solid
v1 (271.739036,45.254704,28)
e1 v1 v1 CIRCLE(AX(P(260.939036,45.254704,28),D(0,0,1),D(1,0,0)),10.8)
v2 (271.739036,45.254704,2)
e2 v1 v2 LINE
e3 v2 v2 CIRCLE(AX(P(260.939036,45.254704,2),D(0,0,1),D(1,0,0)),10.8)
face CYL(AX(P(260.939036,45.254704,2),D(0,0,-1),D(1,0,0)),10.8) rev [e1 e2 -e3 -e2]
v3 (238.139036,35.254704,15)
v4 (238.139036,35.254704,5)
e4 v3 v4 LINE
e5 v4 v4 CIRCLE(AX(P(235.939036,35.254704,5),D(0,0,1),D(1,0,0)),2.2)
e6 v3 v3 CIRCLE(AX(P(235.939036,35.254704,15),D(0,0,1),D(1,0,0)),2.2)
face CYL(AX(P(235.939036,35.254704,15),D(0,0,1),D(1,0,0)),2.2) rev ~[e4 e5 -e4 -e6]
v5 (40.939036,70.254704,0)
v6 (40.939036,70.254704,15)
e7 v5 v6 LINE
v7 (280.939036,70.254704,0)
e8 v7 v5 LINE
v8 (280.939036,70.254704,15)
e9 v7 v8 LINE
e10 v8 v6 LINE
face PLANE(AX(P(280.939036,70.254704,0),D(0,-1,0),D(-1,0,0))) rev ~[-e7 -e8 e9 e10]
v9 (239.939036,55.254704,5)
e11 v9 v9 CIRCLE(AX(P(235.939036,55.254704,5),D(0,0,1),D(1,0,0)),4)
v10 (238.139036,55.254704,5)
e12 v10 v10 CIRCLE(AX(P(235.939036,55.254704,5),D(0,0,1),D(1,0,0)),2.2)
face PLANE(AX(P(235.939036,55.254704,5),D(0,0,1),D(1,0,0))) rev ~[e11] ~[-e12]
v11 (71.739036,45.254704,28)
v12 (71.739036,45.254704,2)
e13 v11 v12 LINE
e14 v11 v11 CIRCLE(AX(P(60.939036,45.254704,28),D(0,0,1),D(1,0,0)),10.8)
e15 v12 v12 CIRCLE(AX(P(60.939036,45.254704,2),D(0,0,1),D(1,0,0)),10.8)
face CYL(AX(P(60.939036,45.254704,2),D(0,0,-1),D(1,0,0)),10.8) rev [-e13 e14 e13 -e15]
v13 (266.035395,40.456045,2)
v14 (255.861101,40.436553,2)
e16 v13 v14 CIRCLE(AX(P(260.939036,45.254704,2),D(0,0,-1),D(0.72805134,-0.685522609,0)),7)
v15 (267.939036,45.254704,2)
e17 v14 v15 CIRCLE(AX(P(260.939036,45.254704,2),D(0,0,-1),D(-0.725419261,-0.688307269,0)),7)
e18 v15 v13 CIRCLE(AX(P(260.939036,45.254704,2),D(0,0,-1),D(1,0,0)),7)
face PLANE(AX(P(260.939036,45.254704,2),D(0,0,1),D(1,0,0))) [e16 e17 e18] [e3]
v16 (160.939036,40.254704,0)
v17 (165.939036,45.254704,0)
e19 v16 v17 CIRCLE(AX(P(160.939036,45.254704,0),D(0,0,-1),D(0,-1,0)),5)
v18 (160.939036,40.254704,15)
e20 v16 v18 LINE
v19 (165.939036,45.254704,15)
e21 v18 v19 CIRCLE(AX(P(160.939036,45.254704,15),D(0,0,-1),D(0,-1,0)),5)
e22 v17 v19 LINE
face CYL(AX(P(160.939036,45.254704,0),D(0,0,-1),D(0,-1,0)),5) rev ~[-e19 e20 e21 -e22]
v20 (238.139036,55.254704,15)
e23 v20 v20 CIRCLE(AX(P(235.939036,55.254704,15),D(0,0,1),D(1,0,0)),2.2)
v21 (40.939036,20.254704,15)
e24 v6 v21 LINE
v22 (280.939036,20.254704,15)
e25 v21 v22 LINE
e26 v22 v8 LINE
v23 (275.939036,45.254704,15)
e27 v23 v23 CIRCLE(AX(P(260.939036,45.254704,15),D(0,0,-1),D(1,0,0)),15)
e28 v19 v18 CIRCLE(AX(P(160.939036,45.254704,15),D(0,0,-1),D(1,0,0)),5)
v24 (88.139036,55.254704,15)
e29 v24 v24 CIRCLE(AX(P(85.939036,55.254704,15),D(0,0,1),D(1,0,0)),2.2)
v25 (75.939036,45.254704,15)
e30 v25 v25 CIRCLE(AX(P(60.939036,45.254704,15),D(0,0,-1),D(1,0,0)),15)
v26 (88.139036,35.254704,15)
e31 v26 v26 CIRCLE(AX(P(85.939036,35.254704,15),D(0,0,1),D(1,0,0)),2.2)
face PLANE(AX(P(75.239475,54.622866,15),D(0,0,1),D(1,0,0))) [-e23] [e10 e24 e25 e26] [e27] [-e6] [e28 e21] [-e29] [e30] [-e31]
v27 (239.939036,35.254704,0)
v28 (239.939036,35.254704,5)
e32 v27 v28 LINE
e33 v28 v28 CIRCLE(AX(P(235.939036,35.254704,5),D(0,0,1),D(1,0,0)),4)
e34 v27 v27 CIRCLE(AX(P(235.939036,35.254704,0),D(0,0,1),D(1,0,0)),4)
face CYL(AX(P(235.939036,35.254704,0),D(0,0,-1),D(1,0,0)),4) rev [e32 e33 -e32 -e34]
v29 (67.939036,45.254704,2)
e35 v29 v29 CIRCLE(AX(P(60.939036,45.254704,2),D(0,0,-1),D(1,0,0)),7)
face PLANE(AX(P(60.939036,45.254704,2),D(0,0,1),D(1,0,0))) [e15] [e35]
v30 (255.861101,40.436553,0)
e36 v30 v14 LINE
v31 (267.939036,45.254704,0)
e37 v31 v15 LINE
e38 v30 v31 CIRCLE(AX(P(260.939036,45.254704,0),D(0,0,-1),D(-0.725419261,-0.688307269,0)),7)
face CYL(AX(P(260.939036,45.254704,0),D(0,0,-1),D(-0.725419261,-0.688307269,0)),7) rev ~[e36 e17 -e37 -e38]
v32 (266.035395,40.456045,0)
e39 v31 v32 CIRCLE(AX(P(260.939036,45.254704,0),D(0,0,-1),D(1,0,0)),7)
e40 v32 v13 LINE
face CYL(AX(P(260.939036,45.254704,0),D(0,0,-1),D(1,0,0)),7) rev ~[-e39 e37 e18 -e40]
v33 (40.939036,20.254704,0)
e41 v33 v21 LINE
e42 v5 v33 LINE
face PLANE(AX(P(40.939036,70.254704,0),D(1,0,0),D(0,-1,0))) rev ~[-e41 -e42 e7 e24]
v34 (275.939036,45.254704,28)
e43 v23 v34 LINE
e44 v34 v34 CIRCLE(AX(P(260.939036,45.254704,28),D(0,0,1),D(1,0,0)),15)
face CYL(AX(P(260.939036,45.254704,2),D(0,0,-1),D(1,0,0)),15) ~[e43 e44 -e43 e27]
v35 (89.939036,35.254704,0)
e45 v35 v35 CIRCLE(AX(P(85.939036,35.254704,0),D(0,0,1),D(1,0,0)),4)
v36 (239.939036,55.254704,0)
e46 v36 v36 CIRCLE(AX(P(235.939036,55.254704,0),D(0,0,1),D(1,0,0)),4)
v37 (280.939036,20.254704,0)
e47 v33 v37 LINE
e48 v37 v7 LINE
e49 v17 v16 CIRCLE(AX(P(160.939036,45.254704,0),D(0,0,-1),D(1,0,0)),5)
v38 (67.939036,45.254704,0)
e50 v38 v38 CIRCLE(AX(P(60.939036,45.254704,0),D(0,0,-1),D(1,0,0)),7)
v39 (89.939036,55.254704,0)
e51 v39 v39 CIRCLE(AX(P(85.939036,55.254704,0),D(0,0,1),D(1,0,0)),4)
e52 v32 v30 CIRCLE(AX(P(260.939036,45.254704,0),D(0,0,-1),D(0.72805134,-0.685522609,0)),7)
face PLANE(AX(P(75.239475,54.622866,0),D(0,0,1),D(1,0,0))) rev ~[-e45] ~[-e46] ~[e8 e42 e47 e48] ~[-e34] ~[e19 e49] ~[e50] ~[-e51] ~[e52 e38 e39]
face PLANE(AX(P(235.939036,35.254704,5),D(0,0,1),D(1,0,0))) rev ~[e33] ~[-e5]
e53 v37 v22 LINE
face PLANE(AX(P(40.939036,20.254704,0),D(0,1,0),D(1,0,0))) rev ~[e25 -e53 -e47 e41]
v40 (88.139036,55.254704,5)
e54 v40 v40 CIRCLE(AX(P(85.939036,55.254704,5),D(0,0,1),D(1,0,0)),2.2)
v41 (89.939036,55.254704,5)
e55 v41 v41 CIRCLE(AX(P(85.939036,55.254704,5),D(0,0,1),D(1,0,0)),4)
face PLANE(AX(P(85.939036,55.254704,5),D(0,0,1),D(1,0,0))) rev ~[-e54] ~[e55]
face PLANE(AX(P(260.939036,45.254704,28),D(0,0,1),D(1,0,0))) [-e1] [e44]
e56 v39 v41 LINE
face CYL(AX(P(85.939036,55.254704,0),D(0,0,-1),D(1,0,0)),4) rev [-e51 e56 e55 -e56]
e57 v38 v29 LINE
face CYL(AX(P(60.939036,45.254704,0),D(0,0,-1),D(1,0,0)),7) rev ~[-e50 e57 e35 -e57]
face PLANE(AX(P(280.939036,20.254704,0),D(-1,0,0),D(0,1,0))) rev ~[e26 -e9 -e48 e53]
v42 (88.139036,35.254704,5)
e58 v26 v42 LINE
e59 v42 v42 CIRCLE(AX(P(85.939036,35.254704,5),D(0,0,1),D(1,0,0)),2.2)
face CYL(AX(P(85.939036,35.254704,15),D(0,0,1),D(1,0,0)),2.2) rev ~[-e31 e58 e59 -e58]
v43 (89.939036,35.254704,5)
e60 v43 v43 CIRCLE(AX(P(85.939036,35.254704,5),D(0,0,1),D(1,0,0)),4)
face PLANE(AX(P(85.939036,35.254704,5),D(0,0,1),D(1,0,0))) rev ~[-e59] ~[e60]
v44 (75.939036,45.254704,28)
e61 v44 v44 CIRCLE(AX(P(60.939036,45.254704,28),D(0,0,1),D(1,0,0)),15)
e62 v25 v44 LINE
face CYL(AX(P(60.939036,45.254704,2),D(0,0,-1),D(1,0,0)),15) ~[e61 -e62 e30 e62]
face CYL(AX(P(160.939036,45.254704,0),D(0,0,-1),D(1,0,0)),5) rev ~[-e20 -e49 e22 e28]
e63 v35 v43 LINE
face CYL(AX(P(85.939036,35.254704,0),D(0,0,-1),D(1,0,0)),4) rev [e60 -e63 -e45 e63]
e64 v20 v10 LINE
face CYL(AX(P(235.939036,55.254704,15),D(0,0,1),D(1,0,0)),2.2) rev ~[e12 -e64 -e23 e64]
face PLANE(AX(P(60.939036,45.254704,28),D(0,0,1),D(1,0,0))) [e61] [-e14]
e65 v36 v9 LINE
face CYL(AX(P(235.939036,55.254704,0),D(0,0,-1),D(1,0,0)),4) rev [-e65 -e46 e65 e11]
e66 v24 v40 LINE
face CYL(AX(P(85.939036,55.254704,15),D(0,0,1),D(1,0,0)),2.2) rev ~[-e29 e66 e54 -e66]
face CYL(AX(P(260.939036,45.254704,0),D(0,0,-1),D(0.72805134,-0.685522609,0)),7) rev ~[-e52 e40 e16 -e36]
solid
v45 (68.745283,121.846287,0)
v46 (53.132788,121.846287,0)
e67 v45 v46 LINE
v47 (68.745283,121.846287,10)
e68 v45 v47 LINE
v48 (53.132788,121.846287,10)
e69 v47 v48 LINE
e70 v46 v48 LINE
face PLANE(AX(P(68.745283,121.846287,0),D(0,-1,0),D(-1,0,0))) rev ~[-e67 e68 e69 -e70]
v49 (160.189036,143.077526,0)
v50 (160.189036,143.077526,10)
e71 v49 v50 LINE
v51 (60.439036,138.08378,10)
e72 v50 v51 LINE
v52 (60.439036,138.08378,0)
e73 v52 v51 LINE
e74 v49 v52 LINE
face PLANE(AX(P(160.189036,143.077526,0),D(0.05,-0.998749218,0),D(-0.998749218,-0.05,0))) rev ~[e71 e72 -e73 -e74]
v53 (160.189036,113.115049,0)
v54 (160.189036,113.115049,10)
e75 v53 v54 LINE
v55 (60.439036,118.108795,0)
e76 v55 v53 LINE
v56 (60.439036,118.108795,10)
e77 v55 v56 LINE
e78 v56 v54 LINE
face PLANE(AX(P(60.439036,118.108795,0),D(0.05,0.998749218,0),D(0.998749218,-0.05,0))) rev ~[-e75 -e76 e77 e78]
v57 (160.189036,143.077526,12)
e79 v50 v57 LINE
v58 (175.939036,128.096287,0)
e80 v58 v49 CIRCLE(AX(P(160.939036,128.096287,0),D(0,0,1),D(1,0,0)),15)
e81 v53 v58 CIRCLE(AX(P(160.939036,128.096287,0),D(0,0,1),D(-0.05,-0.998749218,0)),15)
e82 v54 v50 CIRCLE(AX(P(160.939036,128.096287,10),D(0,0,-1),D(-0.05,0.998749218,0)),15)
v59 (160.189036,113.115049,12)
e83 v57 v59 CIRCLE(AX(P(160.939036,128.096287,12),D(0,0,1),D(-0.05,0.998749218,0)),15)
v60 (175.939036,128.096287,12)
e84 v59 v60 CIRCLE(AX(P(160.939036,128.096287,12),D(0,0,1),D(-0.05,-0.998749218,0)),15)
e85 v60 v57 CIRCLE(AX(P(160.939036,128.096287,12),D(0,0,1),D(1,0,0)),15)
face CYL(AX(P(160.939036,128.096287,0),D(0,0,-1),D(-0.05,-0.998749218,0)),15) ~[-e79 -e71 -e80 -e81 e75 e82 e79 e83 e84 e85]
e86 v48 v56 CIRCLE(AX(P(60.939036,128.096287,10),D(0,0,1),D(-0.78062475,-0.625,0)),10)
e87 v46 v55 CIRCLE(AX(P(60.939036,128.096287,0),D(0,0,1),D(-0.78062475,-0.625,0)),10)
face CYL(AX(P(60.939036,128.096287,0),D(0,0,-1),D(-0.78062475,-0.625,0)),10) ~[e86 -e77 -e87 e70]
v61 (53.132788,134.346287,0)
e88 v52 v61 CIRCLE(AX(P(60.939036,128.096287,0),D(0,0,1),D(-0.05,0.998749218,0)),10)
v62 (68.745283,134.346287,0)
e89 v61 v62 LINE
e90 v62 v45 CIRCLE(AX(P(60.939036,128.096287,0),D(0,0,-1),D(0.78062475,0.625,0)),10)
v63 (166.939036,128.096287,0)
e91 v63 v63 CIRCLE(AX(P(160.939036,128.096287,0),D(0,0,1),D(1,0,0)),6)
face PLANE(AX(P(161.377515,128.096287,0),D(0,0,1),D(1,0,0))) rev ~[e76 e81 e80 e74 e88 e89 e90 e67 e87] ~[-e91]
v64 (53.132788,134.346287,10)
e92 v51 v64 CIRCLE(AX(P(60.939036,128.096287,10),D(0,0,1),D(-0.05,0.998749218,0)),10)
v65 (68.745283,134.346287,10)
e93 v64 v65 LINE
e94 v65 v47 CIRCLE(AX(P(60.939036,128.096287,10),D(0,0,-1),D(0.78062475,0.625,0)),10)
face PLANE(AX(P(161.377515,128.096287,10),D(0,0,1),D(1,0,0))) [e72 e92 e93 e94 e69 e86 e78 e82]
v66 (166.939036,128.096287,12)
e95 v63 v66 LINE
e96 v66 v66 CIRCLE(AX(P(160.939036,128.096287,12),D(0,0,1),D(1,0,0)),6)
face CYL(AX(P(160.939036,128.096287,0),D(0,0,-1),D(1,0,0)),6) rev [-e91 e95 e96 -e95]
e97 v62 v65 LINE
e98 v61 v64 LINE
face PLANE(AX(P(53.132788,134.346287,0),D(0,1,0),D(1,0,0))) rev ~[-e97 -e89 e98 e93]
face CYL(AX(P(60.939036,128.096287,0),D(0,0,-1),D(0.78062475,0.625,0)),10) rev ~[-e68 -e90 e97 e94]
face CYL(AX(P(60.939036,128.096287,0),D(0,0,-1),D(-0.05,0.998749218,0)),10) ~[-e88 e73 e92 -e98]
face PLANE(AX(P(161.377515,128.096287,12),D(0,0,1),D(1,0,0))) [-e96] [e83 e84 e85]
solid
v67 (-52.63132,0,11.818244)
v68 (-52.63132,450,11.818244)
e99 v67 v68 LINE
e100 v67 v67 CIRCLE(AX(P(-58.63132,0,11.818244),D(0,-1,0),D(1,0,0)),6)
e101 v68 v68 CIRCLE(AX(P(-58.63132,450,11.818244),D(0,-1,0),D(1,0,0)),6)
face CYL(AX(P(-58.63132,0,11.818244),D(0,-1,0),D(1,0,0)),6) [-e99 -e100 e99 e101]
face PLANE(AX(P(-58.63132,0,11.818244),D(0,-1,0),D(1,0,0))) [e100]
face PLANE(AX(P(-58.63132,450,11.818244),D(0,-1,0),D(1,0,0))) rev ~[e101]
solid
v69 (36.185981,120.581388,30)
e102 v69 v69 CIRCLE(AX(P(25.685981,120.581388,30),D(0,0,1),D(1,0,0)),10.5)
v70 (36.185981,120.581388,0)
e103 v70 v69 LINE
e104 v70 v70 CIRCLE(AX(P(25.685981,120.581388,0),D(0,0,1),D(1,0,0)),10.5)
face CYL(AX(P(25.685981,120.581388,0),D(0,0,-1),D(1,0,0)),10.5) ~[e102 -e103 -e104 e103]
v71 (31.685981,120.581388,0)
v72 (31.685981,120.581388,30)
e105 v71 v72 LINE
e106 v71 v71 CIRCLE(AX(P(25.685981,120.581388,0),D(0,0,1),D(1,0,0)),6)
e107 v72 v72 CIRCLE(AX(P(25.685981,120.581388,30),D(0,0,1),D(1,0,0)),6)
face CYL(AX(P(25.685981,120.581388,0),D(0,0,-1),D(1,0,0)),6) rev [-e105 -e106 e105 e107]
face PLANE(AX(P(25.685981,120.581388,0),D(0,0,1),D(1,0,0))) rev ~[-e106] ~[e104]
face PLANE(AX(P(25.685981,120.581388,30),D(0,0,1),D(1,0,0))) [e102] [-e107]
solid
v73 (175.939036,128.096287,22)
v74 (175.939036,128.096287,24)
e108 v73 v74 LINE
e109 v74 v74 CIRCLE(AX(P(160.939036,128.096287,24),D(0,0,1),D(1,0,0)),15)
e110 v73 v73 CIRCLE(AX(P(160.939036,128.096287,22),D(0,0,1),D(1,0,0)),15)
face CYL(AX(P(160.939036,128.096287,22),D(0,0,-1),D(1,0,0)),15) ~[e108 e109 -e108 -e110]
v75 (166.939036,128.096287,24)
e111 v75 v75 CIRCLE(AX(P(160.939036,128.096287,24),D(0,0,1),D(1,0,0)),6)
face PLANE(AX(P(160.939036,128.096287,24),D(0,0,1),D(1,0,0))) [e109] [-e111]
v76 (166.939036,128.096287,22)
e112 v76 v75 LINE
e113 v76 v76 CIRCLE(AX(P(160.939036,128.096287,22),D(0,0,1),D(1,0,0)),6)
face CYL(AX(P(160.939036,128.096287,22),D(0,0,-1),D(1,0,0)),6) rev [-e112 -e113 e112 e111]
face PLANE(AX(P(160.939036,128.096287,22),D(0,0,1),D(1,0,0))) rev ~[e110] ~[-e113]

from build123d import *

# Parameters (mm, degrees)
F0_R      = 6
F1_DEPTH  = 450
F3_DEPTH  = 15
F5_R      = 15
F5_R_2    = 10.8
F6_DEPTH  = 26
F7_DEPTH  = 25
F8_R      = 10.5
F8_R_2    = 6
F9_DEPTH  = 30
F10_R     = 6
F11_DEPTH = 10
F12_DEPTH = 12
F14_R     = 15
F14_R_2   = 6
F15_DEPTH = 2
F16_R     = 2.2
F17_DEPTH = 25
F18_R     = 4
F19_DEPTH = 5


with BuildPart() as f1:
    # F0 (on Front) → F1 (new body)
    with BuildSketch(Plane.XZ):
        with Locations((-58.6313195527, 11.818244122)):
            Circle(F0_R)
    extrude(amount=-F1_DEPTH)


with BuildPart() as f3:
    # F2 (on Top) → F3 (new body)
    with BuildSketch(Plane.XY):
        with BuildLine():
            Line((112.6172155437, 70.2547036733), (40.9390357137, 70.2547036733))
            Line((40.9390357137, 70.2547036733), (40.9390357137, 40.0247901491))
            Line((40.9390357137, 40.0247901491), (56.2535217803, 40.0541307068))
            ThreePointArc((56.2535217803, 40.0541307068), (58.0928626281, 51.6499596312), (67.9390357137, 45.2547036733))
            ThreePointArc((67.9390357137, 45.2547036733), (67.3397328209, 42.420788265), (65.6444424161, 40.0721224859))
            Line((65.6444424161, 40.0721224859), (112.6748688046, 40.1622266485))
            Line((112.6748688046, 40.1622266485), (112.6651122828, 45.2547036733))
            Line((112.6651122828, 45.2547036733), (112.6172155437, 70.2547036733))
        make_face()
        with BuildLine():
            Line((280.9390357137, 70.2547036733), (112.6172155437, 70.2547036733))
            Line((112.6172155437, 70.2547036733), (112.6651122828, 45.2547036733))
            Line((112.6651122828, 45.2547036733), (112.6748688046, 40.1622266485))
            Line((112.6748688046, 40.1622266485), (160.9390357137, 40.254694497))
            Line((160.9390357137, 40.254694497), (255.8611008882, 40.4365527927))
            ThreePointArc((255.8611008882, 40.4365527927), (258.3453456568, 51.7564551211), (267.9390357137, 45.2547036733))
            ThreePointArc((267.9390357137, 45.2547036733), (267.4457443917, 42.6734748615), (266.035395091, 40.4560454133))
            Line((266.035395091, 40.4560454133), (280.9390357137, 40.4845988448))
            Line((280.9390357137, 40.4845988448), (280.9390357137, 70.2547036733))
        make_face()
        with BuildLine():
            ThreePointArc((165.9390357137, 45.2547036733), (164.4745696196, 41.7191697674), (160.9390357137, 40.2547036733))
            ThreePointArc((160.9390357137, 40.2547036733), (157.4035018077, 48.7902375793), (165.9390357137, 45.2547036733))
        make_face(mode=Mode.SUBTRACT)
        with BuildLine():
            Line((56.2535217803, 40.0541307068), (40.9390357137, 40.0247901491))
            Line((40.9390357137, 40.0247901491), (40.9390357137, 20.2547036733))
            Line((40.9390357137, 20.2547036733), (112.713009022, 20.2547036733))
            Line((112.713009022, 20.2547036733), (112.6748688046, 40.1622266485))
            Line((112.6748688046, 40.1622266485), (65.6444424161, 40.0721224859))
            ThreePointArc((65.6444424161, 40.0721224859), (60.952446776, 38.2547165203), (56.2535217803, 40.0541307068))
        make_face()
        with BuildLine():
            Line((280.9390357137, 20.2547036733), (280.9390357137, 40.4845988448))
            Line((280.9390357137, 40.4845988448), (266.035395091, 40.4560454133))
            ThreePointArc((266.035395091, 40.4560454133), (260.952446776, 38.2547165203), (255.8611008882, 40.4365527927))
            Line((255.8611008882, 40.4365527927), (160.9390357137, 40.254694497))
            Line((160.9390357137, 40.254694497), (112.6748688046, 40.1622266485))
            Line((112.6748688046, 40.1622266485), (112.713009022, 20.2547036733))
            Line((112.713009022, 20.2547036733), (280.9390357137, 20.2547036733))
        make_face()
    extrude(amount=F3_DEPTH)

    # F5 (on offset) → F6 (join)
    with BuildSketch(Plane.XY.offset(2)):
        with Locations((60.9390357137, 45.2547036733)):
            Circle(F5_R)
        with Locations((60.9390357137, 45.2547036733)):
            Circle(F5_R_2, mode=Mode.SUBTRACT)
        with Locations((260.9390357137, 45.2547036733)):
            Circle(F5_R)
        with Locations((260.9390357137, 45.2547036733)):
            Circle(F5_R_2, mode=Mode.SUBTRACT)
    extrude(amount=F6_DEPTH)

    # F5 (on offset) → F7 (cut)
    with BuildSketch(Plane.XY.offset(2)):
        with Locations((260.9390357137, 45.2547036733)):
            Circle(F5_R_2)
        with Locations((60.9390357137, 45.2547036733)):
            Circle(F5_R_2)
    extrude(amount=F7_DEPTH, mode=Mode.SUBTRACT)

    # F16 (on face) → F17 (cut)
    with BuildSketch(Plane.XY.offset(15)):
        with Locations((85.9390357137, 55.2547036733)):
            Circle(F16_R)
        with Locations((85.9390357137, 35.2547036733)):
            Circle(F16_R)
        with Locations((235.9390357137, 55.2547036733)):
            Circle(F16_R)
        with Locations((235.9390357137, 35.2547036733)):
            Circle(F16_R)
    extrude(amount=-F17_DEPTH, mode=Mode.SUBTRACT)

    # F18 (on face) → F19 (cut)
    with BuildSketch(Plane.XY):
        with Locations((85.9390357137, 35.2547036733)):
            Circle(F18_R)
        with Locations((85.9390357137, 55.2547036733)):
            Circle(F18_R)
        with Locations((235.9390357137, 35.2547036733)):
            Circle(F18_R)
        with Locations((235.9390357137, 55.2547036733)):
            Circle(F18_R)
    extrude(amount=F19_DEPTH, mode=Mode.SUBTRACT)


with BuildPart() as f9:
    # F8 (on Top) → F9 (new body)
    with BuildSketch(Plane.XY):
        with Locations((25.685980916, 120.5813884735)):
            Circle(F8_R)
        with Locations((25.685980916, 120.5813884735)):
            Circle(F8_R_2, mode=Mode.SUBTRACT)
    extrude(amount=F9_DEPTH)


with BuildPart() as f11:
    # F10 (on Top) → F11 (new body)
    with BuildSketch(Plane.XY):
        with BuildLine():
            ThreePointArc((160.1890357137, 113.1150491054), (171.2770722777, 117.2277548123), (175.9390357137, 128.096287372))
            ThreePointArc((175.9390357137, 128.096287372), (171.2770722777, 138.9648199316), (160.1890357137, 143.0775256385))
            ThreePointArc((160.1890357137, 143.0775256385), (145.9390357137, 128.096287372), (160.1890357137, 113.1150491054))
        make_face()
        with Locations((160.9390357137, 128.096287372)):
            Circle(F10_R, mode=Mode.SUBTRACT)
        with BuildLine():
            ThreePointArc((160.1890357137, 113.1150491054), (145.9390357137, 128.096287372), (160.1890357137, 143.0775256385))
            Line((160.1890357137, 143.0775256385), (60.4390357137, 138.0837795497))
            ThreePointArc((60.4390357137, 138.0837795497), (65.0423910566, 137.2156335618), (68.7452832117, 134.346287372))
            Line((68.7452832117, 134.346287372), (75.4908919334, 134.346287372))
            Line((75.4908919334, 134.346287372), (75.4908919334, 121.846287372))
            Line((75.4908919334, 121.846287372), (68.7452832117, 121.846287372))
            ThreePointArc((68.7452832117, 121.846287372), (65.0423910566, 118.9769411821), (60.4390357137, 118.1087951942))
            Line((60.4390357137, 118.1087951942), (160.1890357137, 113.1150491054))
        make_face()
        with BuildLine():
            ThreePointArc((68.7452832117, 134.346287372), (65.0423910566, 137.2156335618), (60.4390357137, 138.0837795497))
            ThreePointArc((60.4390357137, 138.0837795497), (56.3848454652, 136.9990594785), (53.1327882157, 134.346287372))
            Line((53.1327882157, 134.346287372), (68.7452832117, 134.346287372))
        make_face()
        with BuildLine():
            ThreePointArc((53.1327882157, 121.846287372), (56.3848454652, 119.1935152654), (60.4390357137, 118.1087951942))
            ThreePointArc((60.4390357137, 118.1087951942), (65.0423910566, 118.9769411821), (68.7452832117, 121.846287372))
            Line((68.7452832117, 121.846287372), (53.1327882157, 121.846287372))
        make_face()
        with BuildLine():
            Line((75.4908919334, 134.346287372), (68.7452832117, 134.346287372))
            ThreePointArc((68.7452832117, 134.346287372), (70.9390357137, 128.096287372), (68.7452832117, 121.846287372))
            Line((68.7452832117, 121.846287372), (75.4908919334, 121.846287372))
            Line((75.4908919334, 121.846287372), (75.4908919334, 134.346287372))
        make_face()
    extrude(amount=F11_DEPTH)

    # F10 (on Top) → F12 (join)
    with BuildSketch(Plane.XY):
        with BuildLine():
            ThreePointArc((160.1890357137, 113.1150491054), (171.2770722777, 117.2277548123), (175.9390357137, 128.096287372))
            ThreePointArc((175.9390357137, 128.096287372), (171.2770722777, 138.9648199316), (160.1890357137, 143.0775256385))
            ThreePointArc((160.1890357137, 143.0775256385), (145.9390357137, 128.096287372), (160.1890357137, 113.1150491054))
        make_face()
        with Locations((160.9390357137, 128.096287372)):
            Circle(F10_R, mode=Mode.SUBTRACT)
    extrude(amount=F12_DEPTH)


with BuildPart() as f15:
    # F14 (on offset) → F15 (new body)
    with BuildSketch(Plane.XY.offset(22)):
        with Locations((160.9390357137, 128.096287372)):
            Circle(F14_R)
        with Locations((160.9390357137, 128.096287372)):
            Circle(F14_R_2, mode=Mode.SUBTRACT)
    extrude(amount=F15_DEPTH)


solid = Compound([f1.part, f3.part, f9.part, f11.part, f15.part])
